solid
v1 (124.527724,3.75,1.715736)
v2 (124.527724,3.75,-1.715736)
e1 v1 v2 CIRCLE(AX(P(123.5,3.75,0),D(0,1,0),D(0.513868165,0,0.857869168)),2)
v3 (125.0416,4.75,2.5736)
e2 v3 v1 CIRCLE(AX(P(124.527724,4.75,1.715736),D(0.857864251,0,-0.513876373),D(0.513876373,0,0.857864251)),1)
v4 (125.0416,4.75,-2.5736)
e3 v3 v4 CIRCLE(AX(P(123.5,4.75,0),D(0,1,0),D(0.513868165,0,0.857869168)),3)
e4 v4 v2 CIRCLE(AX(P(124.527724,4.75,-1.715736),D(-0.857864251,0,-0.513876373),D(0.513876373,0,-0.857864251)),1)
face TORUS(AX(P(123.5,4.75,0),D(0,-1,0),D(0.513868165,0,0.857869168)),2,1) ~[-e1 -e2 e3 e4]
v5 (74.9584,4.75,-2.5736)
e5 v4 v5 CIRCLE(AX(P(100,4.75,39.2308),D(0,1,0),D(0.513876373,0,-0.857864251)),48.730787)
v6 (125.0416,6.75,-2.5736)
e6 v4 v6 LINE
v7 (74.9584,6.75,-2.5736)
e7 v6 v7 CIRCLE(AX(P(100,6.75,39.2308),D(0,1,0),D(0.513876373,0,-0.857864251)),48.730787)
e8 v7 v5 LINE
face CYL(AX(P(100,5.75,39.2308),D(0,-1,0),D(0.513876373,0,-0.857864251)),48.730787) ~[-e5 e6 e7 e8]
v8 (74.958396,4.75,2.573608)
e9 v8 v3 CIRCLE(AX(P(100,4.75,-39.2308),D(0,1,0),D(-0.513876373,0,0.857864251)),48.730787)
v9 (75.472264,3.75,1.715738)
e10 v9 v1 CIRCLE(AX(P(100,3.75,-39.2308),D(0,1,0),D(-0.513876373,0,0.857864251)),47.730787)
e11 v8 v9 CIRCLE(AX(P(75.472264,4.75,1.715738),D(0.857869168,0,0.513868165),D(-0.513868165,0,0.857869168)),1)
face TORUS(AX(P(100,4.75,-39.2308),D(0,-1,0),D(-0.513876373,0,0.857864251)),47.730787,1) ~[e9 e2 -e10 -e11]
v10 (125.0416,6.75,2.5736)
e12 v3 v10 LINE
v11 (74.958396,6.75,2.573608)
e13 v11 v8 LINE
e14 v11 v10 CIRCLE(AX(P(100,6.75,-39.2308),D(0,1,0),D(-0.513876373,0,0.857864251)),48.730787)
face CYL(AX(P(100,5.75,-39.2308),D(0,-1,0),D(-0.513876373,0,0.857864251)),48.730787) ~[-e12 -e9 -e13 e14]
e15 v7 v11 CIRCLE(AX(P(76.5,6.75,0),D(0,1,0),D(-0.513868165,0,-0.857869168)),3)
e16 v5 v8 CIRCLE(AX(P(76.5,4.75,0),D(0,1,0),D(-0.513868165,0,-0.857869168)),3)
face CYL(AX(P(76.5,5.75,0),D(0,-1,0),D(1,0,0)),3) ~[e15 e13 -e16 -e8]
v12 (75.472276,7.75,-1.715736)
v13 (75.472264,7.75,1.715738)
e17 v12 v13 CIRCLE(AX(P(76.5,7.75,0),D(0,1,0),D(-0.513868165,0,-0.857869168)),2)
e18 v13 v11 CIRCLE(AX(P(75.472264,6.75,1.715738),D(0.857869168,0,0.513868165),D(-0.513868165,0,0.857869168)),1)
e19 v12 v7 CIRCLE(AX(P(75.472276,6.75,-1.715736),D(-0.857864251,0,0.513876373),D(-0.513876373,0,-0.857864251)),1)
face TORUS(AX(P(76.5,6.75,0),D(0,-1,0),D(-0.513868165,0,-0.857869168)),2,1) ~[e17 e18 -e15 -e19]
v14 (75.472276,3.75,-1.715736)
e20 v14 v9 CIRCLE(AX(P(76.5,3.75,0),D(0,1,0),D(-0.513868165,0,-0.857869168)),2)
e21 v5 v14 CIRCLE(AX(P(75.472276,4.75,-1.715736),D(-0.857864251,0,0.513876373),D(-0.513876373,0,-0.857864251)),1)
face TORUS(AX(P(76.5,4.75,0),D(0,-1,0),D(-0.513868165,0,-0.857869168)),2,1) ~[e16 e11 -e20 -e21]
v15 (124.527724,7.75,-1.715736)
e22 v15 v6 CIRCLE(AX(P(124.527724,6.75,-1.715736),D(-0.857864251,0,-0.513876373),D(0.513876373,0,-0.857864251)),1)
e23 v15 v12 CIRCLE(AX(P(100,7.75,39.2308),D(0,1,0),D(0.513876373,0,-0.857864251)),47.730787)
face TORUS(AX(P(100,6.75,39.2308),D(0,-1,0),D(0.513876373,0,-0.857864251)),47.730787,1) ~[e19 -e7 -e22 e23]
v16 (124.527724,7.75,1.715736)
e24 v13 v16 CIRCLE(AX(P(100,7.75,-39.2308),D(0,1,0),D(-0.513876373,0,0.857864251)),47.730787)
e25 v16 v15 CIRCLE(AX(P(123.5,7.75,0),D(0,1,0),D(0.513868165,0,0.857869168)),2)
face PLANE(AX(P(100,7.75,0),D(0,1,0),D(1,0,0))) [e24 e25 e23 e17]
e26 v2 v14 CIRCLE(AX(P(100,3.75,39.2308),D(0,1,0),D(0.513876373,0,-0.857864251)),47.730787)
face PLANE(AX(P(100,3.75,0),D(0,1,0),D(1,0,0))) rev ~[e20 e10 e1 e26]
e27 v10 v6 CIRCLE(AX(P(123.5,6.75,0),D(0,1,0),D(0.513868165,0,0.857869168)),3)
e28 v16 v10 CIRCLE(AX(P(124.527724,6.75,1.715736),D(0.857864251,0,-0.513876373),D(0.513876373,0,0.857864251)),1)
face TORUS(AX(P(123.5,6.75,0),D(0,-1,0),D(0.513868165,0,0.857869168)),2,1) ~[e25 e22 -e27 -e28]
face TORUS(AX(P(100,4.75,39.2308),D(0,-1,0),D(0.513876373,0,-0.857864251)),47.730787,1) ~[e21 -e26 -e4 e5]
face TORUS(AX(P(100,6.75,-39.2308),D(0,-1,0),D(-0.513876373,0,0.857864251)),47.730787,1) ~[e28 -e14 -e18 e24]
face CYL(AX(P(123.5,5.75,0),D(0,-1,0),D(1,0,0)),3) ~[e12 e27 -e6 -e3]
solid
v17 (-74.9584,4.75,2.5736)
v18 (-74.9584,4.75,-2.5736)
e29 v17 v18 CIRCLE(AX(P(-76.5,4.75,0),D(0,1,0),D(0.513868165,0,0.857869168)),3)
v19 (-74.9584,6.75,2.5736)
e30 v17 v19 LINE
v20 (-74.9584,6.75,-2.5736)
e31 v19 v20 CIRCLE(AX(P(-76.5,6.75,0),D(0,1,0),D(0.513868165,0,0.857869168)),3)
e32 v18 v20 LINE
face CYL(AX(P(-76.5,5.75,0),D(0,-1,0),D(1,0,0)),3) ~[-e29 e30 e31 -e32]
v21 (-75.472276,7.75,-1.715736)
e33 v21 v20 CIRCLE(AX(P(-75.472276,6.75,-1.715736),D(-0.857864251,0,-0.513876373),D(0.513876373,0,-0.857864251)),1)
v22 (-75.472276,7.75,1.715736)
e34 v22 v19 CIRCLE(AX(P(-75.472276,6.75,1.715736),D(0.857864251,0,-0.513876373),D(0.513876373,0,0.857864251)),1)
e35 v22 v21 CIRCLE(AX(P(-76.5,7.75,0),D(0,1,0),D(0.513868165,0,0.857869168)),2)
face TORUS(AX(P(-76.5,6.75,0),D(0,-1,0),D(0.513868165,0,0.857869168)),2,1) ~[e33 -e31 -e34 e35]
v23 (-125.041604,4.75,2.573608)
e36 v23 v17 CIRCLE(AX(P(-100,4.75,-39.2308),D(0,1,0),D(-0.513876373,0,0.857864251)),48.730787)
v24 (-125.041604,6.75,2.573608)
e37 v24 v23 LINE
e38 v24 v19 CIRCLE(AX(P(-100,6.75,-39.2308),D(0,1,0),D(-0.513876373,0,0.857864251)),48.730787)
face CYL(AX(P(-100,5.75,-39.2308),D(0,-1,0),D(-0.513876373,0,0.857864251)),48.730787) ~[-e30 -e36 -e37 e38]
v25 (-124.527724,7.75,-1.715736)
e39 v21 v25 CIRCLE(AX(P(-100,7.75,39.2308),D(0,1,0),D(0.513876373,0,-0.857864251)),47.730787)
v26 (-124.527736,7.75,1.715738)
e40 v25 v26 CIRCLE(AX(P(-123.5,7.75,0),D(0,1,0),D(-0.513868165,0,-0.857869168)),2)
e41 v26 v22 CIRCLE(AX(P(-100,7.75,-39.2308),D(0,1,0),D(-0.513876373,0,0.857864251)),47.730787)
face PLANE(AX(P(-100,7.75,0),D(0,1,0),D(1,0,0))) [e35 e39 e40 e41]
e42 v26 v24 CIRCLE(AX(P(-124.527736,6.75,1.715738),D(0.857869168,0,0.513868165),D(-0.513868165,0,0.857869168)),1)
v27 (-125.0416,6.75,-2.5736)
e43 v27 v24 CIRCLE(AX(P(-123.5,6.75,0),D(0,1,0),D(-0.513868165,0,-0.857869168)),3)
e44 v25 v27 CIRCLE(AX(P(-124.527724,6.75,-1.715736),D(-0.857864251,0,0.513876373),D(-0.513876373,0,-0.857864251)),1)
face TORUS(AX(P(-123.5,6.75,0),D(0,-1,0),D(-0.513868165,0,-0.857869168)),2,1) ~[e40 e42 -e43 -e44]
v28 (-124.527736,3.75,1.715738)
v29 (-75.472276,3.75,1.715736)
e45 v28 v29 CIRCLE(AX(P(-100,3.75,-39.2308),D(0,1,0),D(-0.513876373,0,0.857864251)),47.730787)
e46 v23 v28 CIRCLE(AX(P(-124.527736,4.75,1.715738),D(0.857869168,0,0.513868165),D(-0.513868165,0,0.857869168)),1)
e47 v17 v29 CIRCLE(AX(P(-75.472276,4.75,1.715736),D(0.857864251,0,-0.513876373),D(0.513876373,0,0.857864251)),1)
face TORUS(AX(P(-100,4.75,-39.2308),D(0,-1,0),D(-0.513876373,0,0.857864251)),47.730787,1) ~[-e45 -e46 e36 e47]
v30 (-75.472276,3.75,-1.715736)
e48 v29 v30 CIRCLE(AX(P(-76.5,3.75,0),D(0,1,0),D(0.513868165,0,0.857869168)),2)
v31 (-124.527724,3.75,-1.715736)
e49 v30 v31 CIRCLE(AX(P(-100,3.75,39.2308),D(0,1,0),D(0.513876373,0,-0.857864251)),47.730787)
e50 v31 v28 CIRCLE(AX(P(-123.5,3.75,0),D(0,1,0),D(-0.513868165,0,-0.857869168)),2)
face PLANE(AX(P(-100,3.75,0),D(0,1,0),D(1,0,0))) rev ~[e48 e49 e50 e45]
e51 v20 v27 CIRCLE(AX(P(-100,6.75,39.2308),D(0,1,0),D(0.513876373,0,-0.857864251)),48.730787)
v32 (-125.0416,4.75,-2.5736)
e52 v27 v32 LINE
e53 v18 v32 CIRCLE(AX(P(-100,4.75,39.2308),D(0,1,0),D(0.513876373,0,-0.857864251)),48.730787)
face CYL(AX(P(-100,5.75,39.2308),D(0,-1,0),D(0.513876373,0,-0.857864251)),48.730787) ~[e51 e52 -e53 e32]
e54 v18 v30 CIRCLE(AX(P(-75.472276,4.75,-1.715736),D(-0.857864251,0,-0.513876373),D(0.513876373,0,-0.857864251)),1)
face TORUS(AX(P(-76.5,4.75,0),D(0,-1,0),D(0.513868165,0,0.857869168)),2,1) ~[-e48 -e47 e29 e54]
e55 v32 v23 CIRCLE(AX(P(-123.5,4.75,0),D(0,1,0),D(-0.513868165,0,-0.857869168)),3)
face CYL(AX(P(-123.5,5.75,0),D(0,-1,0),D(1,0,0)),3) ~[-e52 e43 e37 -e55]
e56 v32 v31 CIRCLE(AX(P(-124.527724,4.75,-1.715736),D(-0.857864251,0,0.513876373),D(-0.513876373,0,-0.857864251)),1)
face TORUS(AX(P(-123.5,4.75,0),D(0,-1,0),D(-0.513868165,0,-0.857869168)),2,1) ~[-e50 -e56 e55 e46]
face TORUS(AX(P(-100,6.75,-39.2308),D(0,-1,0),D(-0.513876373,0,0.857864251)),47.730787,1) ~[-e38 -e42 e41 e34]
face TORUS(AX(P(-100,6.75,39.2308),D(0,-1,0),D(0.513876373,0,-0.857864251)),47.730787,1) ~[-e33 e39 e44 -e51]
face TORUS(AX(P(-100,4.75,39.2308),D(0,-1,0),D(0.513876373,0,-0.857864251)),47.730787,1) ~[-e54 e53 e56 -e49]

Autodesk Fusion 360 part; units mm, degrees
sketch "Contact Area" plane through (0, 0, 0) normal (0, 0, 1) x (1, 0, 0)
  line L0 (-160, -12.5) -> (160, -12.5)
  line L1 (160, -12.5) -> (160, 12.5)
  line L2 (160, 12.5) -> (-160, 12.5)
  line L3 (-160, 12.5) -> (-160, -12.5)
  line L4 (-160, -12.5) -> (160, 12.5) construction
  line L5 (160, -12.5) -> (-160, 12.5) construction
  dimension "d3" = 320
  dimension "d4" = 25
sketch "Egde/SIDE calc" plane through (0, 0, 0) normal (1, 0, 0) x (0, 1, 0)
  line L0 (-50, 18) -> (50, 18)
  line L1 (50, 18) -> (50, 0)
  line L2 (50, 0) -> (-50, 0)
  line L3 (-50, 0) -> (-50, 18)
  line L4 (-50, 18) -> (50, 0) construction
  line L5 (50, 18) -> (-50, 0) construction
  line L6 (12.5, 0) -> (12.5, -40)
  line L7 (12.5, -40) -> (-12.5, -40)
  line L8 (-12.5, -40) -> (-12.5, 0)
  line L9 (-12.5, 0) -> (12.5, 0)
  line L10 (-226.25, 106.25) -> (-213.75, 106.25) construction
  line L11 (-264.0981, 93.7573) -> (-251.5981, 93.7573) construction
  line L12 (-5, 14) -> (5, 14)
  line L13 (5, 14) -> (5, -14)
  line L14 (5, -14) -> (-5, -14)
  line L15 (-5, -14) -> (-5, 14)
  line L16 (-5, 14) -> (5, -14) construction
  line L17 (5, 14) -> (-5, -14) construction
  line L18 (0, -14) -> (0, 14) construction
  line L19 (0, 1.75) -> (0, 22.5) construction
  line L20 (-5, -14) -> (-12.5, -14) construction
  line L21 (0, 0) -> (5, 0) construction
  line L22 (12.5, 0) -> (5, 0) construction
  line L23 (12.5, 0) -> (5, 0) construction
  point P0 (0, 9)
  point P1 (12.5, 0)
  dimension "d20" = 100
  dimension "d21" = 18
  dimension "d23" = 40
  dimension "d24" = 90
  dimension "ReferenceCoord_Calculated" = 12.5
  dimension "OtherSideRefYCoord_Calculated" = 12.5
  dimension "d37" = 12.5
  dimension "d38" = 12.5
  dimension "d39" = 10
  dimension "d40" = 28
sketch "Pin" plane through (0, 0, 0) normal (0, 0, 1) x (1, 0, 0)
  circle A0 centre (100, 5.75) radius 0.5
  line L0 (160, -12.5) -> (160, 12.5)
  line L1 (160, 12.5) -> (-160, 12.5)
  point P0 (0, -251.5981)
  point P1 (0, -264.0981)
  point P2 (0, -213.75)
  point P3 (0, -226.25)
  dimension "d41" = 1
  dimension "d42" = 60
  dimension "d43" = 12.5
  dimension "OtherSideRefYCoord_CalcProjected" = 12.5
  dimension "ReferenceCoord_CalcProjected" = 12.5
extrude "Extrude1" add sketch "Pin" along normal blind 10 makes body 1
pattern_linear "R-Pattern1" count 2 spacing 200 along (-1, 0, 0) of bodies 1 makes body 2
sketch "Sketch1" plane through (0, 0, 0) normal (0, 0, 1) x (1, 0, 0) in component "Lamello S10 v6"
  line L0 (31.5, -2) -> (-31.5, -2)
  line L1 (-31.5, -2) -> (-31.5, 2)
  line L2 (-31.5, 2) -> (31.5, 2)
  line L3 (31.5, 2) -> (31.5, -2)
  line L4 (31.5, -2) -> (-31.5, 2) construction
  line L5 (-31.5, -2) -> (31.5, 2) construction
  dimension "d8" = 4
  dimension "d9" = 63
extrude "Extrude1'" add sketch "Sketch1" along normal mid plane 20 separate body makes body 3 in component "Lamello S10 v6"
sketch "Sketch2" plane through (0, 0, 0) normal (0, 1, 0) x (1, 0, 0) in component "Lamello S10 v6"
  arc A0 (25.0416, 2.5736) -> (-25.0416, 2.5736) centre (0, -39.2308) ccw
  arc A1 (-25.0416, -2.5736) -> (25.0416, -2.5736) centre (0, 39.2308) ccw
  circle A2 centre (-23.5, 0) radius 3
  circle A3 centre (23.5, 0) radius 3
  point P0 (-26.5, 0)
  point P1 (26.5, 0)
  point P2 (0, 9.5)
  point P3 (0, -9.5)
  dimension "d12" = 6
  dimension "d13" = 6
  dimension "d14" = 53
  dimension "d15" = 19
extrude "Extrude2" add sketch "Sketch2" along normal mid plane 4 separate body makes body 4 in component "Lamello S10 v6"
fillet "Fillet1" radius 1 8 edges at (0, 2, -9.5) (-26.5, 2, 0) (0, 2, 9.5) (26.5, 2, 0) (0, -2, -9.5) (26.5, -2, 0) (0, -2, 9.5) (-26.5, -2, 0) on bodies 4 in component "Lamello S10 v6"
sketch "Sketch4" plane through (0, 0, 0) normal (0, 0, 1) x (1, 0, 0) in component "Lamello S10 v6"
pattern_linear "00000000-0000-0000-0000-000000000000" [suppressed]
component "Lamello S10 v6" placed x (1, 0, 0) y (0, 1, 0) z (0, 0, 1) at (100, 5.75, 0)
component "Lamello S10 v6" placed x (1, 0, 0) y (0, 1, 0) z (0, 0, 1) at (-100, 5.75, 0)
hidden bodies 1 2 3
equation "ContactPatchHeight = 25 mm"
equation "ContactPatchWidth = 320 mm"
equation "d3 = ContactPatchWidth"
equation "d4 = ContactPatchHeight"
equation "X_Coord = if(Count < 1; ContactPatchWidth / 2; DistFromSide1)"
equation "Shift_Y = 0 mm"
equation "Y_Coord = if(ConnectionAngle > 90 deg; OtherSideRefYCoordinate; ReferenceCoord)"
equation "ConnectionAngle = 90 deg" comment "Calculated Automatically!"
equation "AngleForYPositionCalc = if(ConnectionAngle > 90 deg; 180 deg - ConnectionAngle; ConnectionAngle)"
equation "DistFromSide1 = 60 mm"
equation "DistFromSide2 = 60 mm"
equation "PlacingWidth = ContactPatchWidth - DistFromSide1 - DistFromSide2"
equation "MaxDistBetween = 480 mm"
equation "Count = if(MinDistBetween > PlacingWidth; 0; ceil(PlacingWidth / MaxDistBetween))"
equation "MinDistBetween = 96 mm"
equation "OtherSideRefYCoordinate = OtherSideRefYCoord_CalcProjected"
equation "d21 = NestledBoardT"
equation "NestledBoardT = 18 mm" comment "Calculated Automatically!"
equation "d24 = AngleForYPositionCalc"
equation "d37 = ReferenceCoord_Calculated"
equation "d38 = OtherSideRefYCoord_Calculated"
equation "d42 = X_Coord"
equation "d43 = Y_Coord + Shift_Y"
equation "ReferenceCoord = ReferenceCoord_CalcProjected"
equation "Step = PlacingWidth / Count"
equation "d52 = Count + 1"
equation "d54 = -Step"
equation "LamelloLength = 53 mm" comment "Size20 = 56mm; Size10 = 53 mm; Size0 = 47 mm; SizeH9 = 38 mm"
equation "LamelloWidth = 19 mm" comment "Size20 = 23mm; Size10 = 19mm; Size0 = 15 mm; SizeH9 =12 mm"
equation "LamelloThickness = 4 mm" comment "Size20 = 4mm; Size10 = 4 mm; Size0 = 4 mm; SizeH9 = 3mm"
equation "Tolerance = 1 mm" comment "Recommended tolerance for cutting"
equation "GrooveLength = LamelloLength + Tolerance + 9 mm"
equation "GrooveWidth = LamelloWidth + 1 mm"
equation "GrooveThickness = LamelloThickness"
equation "d8 = GrooveThickness"
equation "d9 = GrooveLength"
equation "d10 = GrooveWidth"
equation "d14 = LamelloLength"
equation "d15 = LamelloWidth"
equation "d16 = LamelloThickness"
equation "d72 = Count + 1"
equation "d74 = Step"
properties part number "S10"
